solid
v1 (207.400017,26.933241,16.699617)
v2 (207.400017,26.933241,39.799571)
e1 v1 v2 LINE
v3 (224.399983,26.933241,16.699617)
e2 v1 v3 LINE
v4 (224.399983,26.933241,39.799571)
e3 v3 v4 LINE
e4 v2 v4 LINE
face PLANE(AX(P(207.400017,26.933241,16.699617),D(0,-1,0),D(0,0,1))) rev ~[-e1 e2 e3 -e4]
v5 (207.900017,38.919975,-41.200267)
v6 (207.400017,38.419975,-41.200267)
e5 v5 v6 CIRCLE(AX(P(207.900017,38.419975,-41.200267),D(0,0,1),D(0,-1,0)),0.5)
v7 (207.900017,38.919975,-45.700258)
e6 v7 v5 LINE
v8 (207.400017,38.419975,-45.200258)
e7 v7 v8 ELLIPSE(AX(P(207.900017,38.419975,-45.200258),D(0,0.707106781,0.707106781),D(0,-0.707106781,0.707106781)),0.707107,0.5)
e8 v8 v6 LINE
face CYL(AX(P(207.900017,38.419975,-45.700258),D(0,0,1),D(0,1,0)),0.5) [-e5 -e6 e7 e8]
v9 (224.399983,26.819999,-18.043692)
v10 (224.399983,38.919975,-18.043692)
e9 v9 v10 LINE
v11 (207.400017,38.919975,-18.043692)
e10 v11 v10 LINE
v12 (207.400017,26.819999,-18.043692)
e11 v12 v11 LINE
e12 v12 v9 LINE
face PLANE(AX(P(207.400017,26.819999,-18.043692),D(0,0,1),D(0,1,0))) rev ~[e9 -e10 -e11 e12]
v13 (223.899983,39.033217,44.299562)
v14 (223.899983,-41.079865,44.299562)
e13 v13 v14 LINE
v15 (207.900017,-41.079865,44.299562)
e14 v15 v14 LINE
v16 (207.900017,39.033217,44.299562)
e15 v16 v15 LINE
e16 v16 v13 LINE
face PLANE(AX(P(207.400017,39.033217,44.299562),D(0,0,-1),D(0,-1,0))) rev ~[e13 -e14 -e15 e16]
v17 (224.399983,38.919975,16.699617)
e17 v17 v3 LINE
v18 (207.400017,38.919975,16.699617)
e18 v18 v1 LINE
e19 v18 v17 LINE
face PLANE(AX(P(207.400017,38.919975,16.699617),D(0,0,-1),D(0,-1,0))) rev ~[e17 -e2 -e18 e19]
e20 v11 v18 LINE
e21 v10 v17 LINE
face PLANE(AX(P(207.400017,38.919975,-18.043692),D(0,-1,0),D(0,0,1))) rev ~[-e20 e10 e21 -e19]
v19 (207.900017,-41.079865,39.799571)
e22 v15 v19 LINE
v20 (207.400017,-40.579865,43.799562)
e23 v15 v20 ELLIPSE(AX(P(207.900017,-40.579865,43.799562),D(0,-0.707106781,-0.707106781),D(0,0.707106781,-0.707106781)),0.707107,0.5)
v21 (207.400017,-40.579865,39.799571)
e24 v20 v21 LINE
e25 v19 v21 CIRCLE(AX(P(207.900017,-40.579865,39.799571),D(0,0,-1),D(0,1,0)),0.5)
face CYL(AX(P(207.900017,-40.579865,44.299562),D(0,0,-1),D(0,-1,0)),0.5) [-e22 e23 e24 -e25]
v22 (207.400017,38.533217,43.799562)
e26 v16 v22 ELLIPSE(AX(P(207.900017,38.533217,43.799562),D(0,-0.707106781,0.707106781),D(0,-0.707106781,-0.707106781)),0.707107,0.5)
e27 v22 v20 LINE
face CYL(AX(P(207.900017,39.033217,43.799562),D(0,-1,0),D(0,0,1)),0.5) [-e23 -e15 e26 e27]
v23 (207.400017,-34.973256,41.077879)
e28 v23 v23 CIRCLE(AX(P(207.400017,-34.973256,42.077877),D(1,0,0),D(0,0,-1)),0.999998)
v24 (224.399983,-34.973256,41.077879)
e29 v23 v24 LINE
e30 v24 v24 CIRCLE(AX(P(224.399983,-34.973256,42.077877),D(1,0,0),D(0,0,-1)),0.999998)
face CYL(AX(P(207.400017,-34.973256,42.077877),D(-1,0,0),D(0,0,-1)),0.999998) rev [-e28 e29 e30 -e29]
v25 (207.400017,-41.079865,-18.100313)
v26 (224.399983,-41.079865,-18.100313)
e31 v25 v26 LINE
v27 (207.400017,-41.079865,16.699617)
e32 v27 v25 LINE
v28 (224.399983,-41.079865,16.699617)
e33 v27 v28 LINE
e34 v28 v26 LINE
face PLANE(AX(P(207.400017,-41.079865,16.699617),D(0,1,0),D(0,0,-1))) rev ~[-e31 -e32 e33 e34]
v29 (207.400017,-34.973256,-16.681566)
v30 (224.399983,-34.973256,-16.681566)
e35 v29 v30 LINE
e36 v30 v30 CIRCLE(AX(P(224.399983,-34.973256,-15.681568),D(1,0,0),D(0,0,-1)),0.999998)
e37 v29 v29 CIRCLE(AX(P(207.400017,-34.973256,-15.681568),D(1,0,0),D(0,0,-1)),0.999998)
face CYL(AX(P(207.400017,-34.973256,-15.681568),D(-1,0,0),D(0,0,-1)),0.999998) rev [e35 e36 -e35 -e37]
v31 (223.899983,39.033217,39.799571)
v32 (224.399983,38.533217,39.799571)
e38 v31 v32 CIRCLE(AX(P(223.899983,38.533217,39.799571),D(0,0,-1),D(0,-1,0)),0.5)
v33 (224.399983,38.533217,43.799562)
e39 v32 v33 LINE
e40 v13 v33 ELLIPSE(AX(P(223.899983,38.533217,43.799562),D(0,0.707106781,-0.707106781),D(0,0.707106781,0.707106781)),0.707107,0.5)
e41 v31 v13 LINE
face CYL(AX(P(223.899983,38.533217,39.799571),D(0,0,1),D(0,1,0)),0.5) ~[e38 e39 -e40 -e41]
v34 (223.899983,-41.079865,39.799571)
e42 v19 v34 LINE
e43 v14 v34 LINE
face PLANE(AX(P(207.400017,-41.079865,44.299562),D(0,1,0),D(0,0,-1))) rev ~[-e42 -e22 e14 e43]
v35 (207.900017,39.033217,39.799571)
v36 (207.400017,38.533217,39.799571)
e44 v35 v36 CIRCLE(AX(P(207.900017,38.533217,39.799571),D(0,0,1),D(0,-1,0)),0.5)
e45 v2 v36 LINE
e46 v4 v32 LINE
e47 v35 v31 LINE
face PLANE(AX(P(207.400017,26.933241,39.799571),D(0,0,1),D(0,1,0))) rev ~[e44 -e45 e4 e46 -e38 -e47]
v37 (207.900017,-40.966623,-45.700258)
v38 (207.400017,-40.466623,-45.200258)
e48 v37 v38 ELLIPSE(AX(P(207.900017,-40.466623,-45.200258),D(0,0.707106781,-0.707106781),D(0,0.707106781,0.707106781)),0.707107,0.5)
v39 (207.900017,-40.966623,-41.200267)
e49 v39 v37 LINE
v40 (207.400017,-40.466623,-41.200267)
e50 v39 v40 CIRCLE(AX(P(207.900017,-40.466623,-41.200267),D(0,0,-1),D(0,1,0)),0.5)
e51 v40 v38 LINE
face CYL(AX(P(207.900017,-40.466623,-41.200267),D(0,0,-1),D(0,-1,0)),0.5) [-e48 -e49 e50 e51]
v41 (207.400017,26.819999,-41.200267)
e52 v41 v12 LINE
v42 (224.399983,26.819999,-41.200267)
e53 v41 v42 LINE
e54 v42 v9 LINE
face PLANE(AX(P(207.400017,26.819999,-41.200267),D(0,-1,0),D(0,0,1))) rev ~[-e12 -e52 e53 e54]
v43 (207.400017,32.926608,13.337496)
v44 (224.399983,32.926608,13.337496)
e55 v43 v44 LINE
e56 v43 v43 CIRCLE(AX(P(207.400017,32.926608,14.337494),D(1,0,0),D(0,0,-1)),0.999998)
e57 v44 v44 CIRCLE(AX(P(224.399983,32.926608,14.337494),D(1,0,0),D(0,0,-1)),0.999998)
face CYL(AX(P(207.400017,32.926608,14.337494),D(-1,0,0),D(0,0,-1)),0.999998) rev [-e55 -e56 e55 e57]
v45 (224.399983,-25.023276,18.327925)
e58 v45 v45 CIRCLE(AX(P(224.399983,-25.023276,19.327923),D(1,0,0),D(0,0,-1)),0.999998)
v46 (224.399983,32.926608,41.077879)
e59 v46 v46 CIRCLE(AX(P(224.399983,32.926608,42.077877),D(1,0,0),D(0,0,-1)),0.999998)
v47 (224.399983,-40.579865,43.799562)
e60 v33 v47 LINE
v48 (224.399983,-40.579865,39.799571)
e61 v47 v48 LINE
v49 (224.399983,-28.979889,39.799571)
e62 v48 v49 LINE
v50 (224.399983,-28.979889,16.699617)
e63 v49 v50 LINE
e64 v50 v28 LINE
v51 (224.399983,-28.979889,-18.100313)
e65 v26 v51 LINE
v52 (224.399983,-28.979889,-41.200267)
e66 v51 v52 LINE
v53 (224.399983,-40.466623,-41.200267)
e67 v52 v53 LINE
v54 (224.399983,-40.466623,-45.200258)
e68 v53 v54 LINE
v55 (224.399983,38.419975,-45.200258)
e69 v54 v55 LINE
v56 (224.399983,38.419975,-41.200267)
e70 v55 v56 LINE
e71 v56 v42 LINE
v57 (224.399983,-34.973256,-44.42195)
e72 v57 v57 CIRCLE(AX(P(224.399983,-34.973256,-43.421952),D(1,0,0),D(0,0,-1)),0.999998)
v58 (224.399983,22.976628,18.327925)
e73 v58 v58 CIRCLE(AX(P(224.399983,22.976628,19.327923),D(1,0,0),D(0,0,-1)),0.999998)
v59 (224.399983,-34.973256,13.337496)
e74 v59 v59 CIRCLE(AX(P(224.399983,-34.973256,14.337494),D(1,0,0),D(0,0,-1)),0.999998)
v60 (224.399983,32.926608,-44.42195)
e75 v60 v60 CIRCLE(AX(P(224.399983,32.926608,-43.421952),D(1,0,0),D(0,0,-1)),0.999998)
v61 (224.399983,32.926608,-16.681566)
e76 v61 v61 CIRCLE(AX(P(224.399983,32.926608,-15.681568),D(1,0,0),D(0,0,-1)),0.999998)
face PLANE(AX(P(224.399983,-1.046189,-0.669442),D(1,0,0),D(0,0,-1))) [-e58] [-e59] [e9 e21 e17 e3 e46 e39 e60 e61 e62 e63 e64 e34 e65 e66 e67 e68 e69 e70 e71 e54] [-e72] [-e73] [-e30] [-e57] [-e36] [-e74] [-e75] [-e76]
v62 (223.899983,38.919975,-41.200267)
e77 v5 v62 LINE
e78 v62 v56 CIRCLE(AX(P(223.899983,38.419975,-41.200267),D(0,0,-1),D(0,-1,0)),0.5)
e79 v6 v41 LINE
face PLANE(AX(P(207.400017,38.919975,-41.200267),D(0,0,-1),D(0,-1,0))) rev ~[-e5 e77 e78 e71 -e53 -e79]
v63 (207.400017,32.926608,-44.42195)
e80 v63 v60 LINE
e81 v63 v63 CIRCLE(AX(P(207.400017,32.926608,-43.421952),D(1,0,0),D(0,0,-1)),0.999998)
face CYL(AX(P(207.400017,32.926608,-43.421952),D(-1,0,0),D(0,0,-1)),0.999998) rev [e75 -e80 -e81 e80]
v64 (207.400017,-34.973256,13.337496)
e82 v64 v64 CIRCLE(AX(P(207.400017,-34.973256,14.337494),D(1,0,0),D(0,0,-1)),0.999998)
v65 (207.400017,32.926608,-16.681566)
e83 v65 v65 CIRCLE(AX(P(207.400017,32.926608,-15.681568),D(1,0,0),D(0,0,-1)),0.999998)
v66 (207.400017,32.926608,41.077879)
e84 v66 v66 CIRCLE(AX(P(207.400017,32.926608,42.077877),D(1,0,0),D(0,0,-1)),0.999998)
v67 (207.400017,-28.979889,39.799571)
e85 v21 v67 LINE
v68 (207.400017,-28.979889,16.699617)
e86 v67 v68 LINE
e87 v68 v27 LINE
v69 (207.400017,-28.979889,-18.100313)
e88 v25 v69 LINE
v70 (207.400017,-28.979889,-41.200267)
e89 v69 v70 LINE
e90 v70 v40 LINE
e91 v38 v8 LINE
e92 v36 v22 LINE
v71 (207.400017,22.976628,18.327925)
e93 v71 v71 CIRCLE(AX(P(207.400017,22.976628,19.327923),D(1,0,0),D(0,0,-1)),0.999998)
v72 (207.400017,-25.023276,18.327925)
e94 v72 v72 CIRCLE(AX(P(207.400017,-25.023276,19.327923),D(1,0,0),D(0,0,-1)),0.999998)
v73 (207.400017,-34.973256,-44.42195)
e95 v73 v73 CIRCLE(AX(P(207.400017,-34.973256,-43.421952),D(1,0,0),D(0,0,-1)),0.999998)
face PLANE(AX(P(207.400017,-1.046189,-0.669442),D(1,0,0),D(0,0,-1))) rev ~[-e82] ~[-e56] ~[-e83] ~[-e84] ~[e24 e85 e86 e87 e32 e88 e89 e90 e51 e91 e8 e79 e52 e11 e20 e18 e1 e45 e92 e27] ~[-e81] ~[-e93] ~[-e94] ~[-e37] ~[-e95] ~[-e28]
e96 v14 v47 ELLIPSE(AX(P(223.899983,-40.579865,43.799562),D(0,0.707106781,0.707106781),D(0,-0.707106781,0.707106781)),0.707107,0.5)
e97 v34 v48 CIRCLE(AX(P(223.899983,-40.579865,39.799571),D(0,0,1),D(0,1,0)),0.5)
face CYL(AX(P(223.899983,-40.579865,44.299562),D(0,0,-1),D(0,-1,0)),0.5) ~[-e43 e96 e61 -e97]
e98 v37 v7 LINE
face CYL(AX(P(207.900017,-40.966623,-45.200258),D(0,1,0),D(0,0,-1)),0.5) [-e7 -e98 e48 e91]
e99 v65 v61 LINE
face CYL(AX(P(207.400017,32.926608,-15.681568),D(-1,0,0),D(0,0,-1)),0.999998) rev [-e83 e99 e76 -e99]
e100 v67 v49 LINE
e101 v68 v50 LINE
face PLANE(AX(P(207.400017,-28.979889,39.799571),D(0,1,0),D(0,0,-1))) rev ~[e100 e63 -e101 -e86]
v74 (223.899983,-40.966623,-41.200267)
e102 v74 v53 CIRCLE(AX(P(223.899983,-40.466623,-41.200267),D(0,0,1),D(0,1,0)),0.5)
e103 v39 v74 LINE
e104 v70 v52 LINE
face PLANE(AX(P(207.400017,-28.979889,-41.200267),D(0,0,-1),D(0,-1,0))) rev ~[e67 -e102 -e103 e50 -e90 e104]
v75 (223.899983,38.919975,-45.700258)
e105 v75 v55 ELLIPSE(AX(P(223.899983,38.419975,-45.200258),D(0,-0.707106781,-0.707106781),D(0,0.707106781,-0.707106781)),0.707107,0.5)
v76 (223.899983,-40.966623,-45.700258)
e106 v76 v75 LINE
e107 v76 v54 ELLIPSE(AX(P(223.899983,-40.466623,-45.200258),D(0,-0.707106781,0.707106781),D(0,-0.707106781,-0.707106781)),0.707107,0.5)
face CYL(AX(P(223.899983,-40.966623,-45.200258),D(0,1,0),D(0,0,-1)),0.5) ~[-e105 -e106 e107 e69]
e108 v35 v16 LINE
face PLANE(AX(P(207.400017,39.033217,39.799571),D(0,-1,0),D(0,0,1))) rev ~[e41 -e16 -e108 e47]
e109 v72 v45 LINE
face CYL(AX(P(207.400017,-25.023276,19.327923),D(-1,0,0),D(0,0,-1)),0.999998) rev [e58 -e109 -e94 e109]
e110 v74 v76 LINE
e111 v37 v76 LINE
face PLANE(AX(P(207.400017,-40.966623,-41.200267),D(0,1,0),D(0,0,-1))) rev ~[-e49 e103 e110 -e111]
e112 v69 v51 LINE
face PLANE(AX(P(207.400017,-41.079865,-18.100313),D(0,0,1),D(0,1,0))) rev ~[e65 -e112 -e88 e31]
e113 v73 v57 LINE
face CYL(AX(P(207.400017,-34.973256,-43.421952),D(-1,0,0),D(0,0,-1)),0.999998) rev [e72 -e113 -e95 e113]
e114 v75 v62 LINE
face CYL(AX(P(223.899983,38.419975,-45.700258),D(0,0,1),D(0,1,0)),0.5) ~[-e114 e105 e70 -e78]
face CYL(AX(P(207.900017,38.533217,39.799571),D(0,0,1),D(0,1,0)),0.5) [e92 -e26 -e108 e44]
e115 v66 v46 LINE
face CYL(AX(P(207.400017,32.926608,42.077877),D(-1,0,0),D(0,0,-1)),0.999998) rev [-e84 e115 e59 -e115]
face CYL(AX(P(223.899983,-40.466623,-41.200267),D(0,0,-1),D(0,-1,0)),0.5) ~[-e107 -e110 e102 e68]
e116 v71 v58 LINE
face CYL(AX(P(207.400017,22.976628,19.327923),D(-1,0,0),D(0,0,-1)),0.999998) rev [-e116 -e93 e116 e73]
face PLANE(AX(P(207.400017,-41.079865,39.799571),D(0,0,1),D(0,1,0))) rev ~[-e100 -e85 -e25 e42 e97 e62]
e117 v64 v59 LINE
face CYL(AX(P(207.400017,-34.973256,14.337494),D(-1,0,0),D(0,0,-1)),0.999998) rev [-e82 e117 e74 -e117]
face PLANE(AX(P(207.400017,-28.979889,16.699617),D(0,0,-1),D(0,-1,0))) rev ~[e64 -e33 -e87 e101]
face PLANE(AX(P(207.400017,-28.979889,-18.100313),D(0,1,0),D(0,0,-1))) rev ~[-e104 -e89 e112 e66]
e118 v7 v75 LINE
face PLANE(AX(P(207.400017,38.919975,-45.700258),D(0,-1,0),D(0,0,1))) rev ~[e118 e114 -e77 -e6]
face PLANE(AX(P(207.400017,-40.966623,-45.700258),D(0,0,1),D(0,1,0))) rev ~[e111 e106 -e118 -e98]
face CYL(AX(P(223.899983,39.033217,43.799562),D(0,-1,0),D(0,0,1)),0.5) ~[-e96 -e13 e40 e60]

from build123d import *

# Parameters (mm, degrees)
SKETCH2_R           = 25.4
BOSS_EXTRUDE2_DEPTH = 431.8
SCALE1_SCALE        = 0.03937
FILLET2_R           = 0.5


with BuildPart() as part:
    # Sketch2 → Boss-Extrude2 (new body)
    with BuildSketch(Plane(origin=(0, 0, 0), x_dir=(0, 0, -1), z_dir=(1, 0, 0))):
        Polygon((-1142.280911006, -609.6), (-1142.280911006, -1017.438177988), (-1027.980911006, -1017.438177988), (-1027.980911006, -710.098177988), (-441.240911006, -710.098177988), (-441.240911006, -1017.438177988), (0, -1017.438177988), (442.679088994, -1017.438177988), (442.679088994, -710.098177988), (1029.419088994, -710.098177988), (1029.419088994, -1014.561822012), (1143.719088994, -1014.561822012), (1143.719088994, 1014.561822012), (1029.419088994, 1014.561822012), (1029.419088994, 707.221822012), (441.240911006, 707.221822012), (441.240911006, 1014.561822012), (-441.240911006, 1014.561822012), (-441.240911006, 710.098177988), (-1027.980911006, 710.098177988), (-1027.980911006, 1017.438177988), (-1142.280911006, 1017.438177988), (-1142.280911006, 460.3506922), (-1142.280911006, 0), align=None)
        with Locations((-1085.85, -862.33)):
            Circle(SKETCH2_R, mode=Mode.SUBTRACT)
        with Locations((-381.2428494, -862.33)):
            Circle(SKETCH2_R, mode=Mode.SUBTRACT)
        with Locations((-508, -609.6)):
            Circle(SKETCH2_R, mode=Mode.SUBTRACT)
        with Locations((381.2428494, -862.33)):
            Circle(SKETCH2_R, mode=Mode.SUBTRACT)
        with Locations((1085.85, -862.33)):
            Circle(SKETCH2_R, mode=Mode.SUBTRACT)
        with Locations((-1085.85, 862.33)):
            Circle(SKETCH2_R, mode=Mode.SUBTRACT)
        with Locations((-508, 609.6)):
            Circle(SKETCH2_R, mode=Mode.SUBTRACT)
        with Locations((-381.2428494, 862.33)):
            Circle(SKETCH2_R, mode=Mode.SUBTRACT)
        with Locations((381.2428494, 862.33)):
            Circle(SKETCH2_R, mode=Mode.SUBTRACT)
        with Locations((1085.85, 862.33)):
            Circle(SKETCH2_R, mode=Mode.SUBTRACT)
    extrude(amount=BOSS_EXTRUDE2_DEPTH)


with BuildPart() as part_1:
    # Scale1: scaled about (215.9, -1.065263606, -0.699579786)
    add(part.part.scale(SCALE1_SCALE).moved(Location((207.400017, -1.023324178, -0.67203733))))

    # Fillet2
    fillet2_edges = [part_1.edges().sort_by_distance(p)[0] for p in [
        (207.400017, -40.96662311, -43.450262364),
        (207.400017, -1.023324178, -45.700257864),
        (207.400017, 38.919974755, -43.450262364),
        (207.400017, 39.03321689, 42.049566636),
        (207.400017, -1.023324178, 44.299562136),
        (207.400017, -41.079865245, 42.049566636),
        (224.399983, -41.079865245, 42.049566636),
        (224.399983, -1.023324178, 44.299562136),
        (224.399983, 39.03321689, 42.049566636),
        (224.399983, 38.919974755, -43.450262364),
        (224.399983, -1.023324178, -45.700257864),
        (224.399983, -40.96662311, -43.450262364),
    ]]
    fillet(fillet2_edges, radius=FILLET2_R)


solid = part_1.part
